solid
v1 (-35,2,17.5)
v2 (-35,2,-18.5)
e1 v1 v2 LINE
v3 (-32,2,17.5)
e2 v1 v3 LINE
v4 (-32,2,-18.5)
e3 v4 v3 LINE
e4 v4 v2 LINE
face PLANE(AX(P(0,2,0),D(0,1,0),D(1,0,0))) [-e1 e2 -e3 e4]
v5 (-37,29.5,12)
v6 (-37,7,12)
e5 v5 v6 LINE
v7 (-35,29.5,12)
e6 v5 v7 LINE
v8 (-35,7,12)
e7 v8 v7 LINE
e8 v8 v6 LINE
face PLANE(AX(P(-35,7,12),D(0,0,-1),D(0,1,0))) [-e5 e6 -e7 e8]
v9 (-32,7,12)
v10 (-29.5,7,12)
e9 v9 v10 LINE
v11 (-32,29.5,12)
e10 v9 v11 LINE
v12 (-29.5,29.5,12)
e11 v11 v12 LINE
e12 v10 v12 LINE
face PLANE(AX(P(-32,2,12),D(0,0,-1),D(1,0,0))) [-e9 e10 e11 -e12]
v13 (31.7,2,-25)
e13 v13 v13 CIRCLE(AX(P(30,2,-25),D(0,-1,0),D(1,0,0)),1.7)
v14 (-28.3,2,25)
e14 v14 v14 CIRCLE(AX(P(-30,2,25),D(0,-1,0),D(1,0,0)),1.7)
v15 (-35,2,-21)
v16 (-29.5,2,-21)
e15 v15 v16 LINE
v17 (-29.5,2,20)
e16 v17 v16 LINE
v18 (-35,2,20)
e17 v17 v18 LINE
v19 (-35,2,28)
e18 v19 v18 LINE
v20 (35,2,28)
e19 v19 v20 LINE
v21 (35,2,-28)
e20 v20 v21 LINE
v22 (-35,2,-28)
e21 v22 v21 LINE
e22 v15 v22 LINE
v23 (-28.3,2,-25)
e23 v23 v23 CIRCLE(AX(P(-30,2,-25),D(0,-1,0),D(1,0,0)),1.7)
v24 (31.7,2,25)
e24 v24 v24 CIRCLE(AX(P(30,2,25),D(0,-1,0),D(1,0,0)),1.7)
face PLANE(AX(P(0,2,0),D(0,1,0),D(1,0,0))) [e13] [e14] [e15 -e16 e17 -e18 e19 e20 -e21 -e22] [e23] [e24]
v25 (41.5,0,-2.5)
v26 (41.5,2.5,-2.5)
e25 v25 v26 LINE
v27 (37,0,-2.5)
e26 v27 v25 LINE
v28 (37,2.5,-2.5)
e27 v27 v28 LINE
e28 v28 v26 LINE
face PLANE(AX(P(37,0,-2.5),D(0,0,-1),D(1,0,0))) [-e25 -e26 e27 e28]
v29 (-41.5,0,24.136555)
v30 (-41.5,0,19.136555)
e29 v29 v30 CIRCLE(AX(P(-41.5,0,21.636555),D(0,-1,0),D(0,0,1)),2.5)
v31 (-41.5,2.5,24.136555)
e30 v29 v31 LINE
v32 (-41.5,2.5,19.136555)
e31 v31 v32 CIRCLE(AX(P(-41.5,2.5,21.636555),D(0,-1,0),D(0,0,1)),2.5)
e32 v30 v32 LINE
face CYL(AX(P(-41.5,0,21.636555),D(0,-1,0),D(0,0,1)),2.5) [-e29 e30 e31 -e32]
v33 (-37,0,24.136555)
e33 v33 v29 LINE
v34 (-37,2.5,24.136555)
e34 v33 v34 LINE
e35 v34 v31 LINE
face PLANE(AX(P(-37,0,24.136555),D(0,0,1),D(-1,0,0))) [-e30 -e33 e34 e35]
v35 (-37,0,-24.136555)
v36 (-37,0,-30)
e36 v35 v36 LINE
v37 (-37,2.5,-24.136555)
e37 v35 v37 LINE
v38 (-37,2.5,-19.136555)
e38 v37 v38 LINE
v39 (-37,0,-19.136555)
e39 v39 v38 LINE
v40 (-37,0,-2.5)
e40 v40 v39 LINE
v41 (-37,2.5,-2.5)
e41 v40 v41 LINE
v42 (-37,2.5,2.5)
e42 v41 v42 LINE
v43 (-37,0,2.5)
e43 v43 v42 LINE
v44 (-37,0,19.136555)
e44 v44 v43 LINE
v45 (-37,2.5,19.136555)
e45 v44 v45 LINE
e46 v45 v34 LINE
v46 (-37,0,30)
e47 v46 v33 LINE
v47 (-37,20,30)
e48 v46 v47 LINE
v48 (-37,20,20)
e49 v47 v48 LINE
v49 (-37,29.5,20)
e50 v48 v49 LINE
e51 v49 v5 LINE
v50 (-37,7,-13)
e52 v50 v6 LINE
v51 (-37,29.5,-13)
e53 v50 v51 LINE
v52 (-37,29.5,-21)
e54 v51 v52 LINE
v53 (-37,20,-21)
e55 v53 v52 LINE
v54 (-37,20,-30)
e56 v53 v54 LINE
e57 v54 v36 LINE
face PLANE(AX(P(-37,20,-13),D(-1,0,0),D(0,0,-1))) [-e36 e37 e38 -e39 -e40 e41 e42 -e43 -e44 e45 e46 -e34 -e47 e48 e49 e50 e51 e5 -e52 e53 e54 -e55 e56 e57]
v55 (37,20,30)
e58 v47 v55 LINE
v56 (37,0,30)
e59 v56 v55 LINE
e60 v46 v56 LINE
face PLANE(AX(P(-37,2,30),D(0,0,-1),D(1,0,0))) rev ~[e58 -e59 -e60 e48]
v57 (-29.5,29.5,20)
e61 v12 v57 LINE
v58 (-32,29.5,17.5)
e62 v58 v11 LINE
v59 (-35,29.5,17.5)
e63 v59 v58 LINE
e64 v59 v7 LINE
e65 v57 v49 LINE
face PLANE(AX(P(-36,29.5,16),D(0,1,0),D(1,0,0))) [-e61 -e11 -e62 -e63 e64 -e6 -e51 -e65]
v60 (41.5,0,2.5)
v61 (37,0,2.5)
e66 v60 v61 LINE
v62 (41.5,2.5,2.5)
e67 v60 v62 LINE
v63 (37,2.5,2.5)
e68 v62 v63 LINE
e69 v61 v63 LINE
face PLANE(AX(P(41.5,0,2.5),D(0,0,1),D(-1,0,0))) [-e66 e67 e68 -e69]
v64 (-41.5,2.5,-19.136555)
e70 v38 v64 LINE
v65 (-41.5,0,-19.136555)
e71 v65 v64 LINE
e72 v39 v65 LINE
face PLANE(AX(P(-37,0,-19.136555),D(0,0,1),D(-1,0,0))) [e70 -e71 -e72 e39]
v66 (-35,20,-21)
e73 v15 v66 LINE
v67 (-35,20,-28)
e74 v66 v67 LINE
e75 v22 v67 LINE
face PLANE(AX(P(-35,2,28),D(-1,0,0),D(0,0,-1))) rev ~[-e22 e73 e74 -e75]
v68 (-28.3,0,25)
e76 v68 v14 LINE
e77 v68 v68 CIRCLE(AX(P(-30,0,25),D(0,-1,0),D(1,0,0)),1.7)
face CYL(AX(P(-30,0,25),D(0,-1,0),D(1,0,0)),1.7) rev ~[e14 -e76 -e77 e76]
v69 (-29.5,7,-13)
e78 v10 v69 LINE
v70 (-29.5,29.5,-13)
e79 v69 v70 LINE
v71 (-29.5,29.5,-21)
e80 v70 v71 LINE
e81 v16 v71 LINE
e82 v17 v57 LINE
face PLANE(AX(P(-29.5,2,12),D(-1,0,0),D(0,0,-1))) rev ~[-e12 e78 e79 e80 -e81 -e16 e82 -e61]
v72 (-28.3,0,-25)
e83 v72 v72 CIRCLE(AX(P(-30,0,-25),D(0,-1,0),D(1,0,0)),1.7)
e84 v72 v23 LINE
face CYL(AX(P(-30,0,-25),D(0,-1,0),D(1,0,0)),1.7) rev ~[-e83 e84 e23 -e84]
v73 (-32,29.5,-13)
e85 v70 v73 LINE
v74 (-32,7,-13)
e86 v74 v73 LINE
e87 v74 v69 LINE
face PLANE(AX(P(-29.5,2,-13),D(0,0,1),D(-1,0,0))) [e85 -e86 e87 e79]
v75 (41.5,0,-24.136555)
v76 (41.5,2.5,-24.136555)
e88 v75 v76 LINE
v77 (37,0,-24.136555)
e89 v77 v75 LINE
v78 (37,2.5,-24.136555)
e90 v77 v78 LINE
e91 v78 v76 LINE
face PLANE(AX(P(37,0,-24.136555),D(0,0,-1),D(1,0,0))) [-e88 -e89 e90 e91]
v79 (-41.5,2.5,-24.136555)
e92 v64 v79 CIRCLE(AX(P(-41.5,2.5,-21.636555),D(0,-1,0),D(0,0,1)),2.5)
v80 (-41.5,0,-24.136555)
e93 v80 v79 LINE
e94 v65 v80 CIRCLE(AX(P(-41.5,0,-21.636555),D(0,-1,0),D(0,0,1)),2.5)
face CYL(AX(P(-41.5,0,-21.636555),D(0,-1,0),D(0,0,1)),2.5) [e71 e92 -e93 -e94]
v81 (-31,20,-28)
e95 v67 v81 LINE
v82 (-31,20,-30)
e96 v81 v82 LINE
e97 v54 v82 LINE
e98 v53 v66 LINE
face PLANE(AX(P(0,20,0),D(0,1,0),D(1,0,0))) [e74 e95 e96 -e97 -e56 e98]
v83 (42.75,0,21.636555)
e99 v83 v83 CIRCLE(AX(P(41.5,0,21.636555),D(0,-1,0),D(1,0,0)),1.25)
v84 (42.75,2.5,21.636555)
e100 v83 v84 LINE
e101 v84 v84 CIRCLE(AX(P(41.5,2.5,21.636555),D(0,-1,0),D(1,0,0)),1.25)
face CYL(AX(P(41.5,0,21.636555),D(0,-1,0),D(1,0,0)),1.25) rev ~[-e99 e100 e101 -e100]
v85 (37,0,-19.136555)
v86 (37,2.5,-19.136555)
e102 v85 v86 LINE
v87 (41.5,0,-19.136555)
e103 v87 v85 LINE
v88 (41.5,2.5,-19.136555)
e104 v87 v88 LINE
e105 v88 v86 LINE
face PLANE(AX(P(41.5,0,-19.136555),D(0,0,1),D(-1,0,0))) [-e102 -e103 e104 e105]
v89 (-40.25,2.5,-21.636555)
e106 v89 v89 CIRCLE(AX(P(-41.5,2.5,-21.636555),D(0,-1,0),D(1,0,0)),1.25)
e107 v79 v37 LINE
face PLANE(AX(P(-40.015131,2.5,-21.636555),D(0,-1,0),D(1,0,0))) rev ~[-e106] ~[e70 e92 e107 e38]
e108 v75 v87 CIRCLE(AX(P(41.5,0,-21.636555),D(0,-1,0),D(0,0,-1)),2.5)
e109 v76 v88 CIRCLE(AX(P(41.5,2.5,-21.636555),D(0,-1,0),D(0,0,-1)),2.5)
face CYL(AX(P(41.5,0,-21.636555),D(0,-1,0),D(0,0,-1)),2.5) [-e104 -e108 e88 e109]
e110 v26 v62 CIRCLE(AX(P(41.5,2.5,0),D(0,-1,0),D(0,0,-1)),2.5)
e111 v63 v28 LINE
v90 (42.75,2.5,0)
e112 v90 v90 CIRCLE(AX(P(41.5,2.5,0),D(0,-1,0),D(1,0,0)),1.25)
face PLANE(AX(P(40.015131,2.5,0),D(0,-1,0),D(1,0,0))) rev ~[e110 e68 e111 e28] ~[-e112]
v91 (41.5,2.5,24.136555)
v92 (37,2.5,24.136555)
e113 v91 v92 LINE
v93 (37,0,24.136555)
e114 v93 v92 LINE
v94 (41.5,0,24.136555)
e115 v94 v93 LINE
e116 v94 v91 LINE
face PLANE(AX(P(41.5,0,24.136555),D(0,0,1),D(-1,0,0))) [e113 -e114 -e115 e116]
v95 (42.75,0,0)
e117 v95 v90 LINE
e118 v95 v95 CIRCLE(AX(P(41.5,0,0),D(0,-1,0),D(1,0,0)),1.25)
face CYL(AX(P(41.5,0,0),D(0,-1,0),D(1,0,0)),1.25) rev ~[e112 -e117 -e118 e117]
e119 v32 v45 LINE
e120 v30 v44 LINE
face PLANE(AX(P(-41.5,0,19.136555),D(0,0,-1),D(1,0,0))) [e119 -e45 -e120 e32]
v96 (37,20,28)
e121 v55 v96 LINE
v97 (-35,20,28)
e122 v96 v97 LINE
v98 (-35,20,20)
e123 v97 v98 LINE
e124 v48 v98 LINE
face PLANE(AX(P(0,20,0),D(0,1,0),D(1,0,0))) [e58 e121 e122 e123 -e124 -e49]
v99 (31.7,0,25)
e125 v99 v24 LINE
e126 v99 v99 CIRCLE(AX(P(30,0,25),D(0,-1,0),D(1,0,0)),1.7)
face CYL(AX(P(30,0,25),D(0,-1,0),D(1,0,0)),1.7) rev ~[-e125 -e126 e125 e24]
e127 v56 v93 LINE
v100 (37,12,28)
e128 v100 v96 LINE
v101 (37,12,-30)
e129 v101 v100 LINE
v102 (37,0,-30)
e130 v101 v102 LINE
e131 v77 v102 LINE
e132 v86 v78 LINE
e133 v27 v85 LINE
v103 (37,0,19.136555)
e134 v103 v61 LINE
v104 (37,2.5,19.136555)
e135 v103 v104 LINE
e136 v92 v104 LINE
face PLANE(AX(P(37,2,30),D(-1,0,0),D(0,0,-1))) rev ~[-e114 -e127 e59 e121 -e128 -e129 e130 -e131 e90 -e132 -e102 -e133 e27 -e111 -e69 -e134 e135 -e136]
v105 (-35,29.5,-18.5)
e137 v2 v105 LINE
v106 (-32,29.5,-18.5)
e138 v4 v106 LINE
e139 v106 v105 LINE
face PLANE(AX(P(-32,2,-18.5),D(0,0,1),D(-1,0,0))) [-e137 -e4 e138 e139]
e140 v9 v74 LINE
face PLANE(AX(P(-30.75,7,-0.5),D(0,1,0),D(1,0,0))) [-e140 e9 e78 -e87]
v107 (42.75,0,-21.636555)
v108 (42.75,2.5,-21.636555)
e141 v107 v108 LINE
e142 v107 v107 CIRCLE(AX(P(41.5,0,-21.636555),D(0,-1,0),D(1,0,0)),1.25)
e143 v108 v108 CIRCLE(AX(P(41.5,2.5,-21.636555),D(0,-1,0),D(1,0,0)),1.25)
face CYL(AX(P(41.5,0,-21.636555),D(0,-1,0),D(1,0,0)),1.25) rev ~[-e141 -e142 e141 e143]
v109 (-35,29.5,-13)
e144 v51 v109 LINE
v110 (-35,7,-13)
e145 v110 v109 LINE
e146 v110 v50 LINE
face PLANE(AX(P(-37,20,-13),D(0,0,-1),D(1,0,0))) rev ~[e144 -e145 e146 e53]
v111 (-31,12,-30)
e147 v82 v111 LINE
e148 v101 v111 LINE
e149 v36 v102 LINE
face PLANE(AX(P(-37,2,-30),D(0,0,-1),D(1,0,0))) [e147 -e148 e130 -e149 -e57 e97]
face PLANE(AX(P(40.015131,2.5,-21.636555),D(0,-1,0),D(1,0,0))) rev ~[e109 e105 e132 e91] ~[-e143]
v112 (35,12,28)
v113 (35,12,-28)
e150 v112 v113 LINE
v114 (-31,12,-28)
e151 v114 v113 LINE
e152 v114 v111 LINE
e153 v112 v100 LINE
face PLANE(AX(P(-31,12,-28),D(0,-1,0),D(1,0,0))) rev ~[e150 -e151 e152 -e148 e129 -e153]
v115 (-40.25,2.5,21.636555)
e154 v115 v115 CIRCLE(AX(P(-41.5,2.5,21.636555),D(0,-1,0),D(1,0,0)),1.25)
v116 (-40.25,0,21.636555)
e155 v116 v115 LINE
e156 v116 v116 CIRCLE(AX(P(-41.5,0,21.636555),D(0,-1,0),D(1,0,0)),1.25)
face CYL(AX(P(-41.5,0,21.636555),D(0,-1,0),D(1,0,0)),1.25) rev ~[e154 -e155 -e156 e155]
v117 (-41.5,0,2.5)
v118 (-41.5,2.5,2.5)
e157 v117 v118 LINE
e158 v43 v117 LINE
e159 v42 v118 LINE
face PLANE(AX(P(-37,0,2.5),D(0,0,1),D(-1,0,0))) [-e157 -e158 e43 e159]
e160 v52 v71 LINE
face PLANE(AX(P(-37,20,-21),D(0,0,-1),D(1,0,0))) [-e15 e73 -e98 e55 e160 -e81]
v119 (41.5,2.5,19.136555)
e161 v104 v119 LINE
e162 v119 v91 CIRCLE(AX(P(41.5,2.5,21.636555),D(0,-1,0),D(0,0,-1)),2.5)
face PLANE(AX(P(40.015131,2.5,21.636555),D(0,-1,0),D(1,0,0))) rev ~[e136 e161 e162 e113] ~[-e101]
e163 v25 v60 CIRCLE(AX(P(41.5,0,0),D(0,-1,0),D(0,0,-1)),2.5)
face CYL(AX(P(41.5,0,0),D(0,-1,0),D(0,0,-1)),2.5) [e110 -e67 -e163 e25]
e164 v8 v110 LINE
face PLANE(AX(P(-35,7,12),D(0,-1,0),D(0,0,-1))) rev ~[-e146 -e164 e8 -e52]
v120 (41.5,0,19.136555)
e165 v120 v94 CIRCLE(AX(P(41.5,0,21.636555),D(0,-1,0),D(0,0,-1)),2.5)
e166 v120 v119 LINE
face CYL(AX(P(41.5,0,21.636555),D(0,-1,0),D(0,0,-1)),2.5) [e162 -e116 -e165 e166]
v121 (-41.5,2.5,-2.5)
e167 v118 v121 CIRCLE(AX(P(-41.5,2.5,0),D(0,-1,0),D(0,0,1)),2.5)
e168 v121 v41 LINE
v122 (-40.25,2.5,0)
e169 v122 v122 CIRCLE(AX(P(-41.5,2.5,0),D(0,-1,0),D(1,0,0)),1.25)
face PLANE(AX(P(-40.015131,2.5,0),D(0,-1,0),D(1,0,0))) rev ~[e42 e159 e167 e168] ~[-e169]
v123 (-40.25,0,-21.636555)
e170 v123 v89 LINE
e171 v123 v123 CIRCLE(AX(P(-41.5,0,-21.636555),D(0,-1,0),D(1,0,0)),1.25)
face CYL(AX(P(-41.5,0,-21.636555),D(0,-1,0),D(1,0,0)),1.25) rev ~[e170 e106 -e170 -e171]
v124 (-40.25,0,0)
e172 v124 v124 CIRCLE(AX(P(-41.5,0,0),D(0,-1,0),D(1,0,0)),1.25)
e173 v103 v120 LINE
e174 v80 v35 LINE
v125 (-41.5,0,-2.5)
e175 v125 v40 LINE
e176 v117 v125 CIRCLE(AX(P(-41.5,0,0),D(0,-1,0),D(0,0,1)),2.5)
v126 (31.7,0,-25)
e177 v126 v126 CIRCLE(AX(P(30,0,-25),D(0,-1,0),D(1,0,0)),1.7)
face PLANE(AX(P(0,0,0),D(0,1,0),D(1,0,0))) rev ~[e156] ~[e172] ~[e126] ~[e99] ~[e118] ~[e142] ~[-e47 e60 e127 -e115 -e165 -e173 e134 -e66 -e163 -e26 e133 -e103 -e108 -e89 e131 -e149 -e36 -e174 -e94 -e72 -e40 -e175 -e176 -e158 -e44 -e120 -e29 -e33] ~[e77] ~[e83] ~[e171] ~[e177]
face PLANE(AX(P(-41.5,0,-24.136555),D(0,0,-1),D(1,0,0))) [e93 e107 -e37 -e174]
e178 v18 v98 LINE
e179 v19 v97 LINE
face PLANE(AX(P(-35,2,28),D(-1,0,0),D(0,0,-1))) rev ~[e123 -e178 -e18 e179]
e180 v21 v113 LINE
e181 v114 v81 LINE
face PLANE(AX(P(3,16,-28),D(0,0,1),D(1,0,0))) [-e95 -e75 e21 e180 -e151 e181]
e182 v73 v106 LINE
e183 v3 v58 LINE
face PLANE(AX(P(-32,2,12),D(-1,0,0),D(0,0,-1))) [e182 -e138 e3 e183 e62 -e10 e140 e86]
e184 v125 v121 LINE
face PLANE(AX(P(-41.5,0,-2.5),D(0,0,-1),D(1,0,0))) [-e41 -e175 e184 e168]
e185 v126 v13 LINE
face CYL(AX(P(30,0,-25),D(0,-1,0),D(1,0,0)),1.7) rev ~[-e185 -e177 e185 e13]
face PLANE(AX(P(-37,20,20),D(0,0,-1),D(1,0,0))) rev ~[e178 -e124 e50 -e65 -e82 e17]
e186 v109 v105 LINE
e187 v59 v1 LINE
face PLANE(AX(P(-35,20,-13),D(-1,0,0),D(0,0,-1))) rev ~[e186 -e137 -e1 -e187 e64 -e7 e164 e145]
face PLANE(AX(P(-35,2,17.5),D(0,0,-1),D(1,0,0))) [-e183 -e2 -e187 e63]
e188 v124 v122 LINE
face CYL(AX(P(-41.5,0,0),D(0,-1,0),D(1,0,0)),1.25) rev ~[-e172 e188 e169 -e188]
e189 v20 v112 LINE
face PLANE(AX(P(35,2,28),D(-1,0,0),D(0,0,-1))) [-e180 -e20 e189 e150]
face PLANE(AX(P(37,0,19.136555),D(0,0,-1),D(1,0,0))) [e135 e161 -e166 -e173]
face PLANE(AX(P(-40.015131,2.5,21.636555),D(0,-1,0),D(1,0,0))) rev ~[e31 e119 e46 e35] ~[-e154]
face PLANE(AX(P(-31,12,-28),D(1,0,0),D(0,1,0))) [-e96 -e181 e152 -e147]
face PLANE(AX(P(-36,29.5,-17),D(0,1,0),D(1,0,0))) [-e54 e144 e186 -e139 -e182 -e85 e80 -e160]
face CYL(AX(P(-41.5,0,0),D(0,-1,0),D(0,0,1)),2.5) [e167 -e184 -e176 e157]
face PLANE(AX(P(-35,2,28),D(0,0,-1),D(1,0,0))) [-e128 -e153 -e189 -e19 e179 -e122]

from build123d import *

# Parameters (mm, degrees)
SCHIZZO1_W                    = 74
SCHIZZO1_H                    = 60
ESTRUSIONE_ESTRUSIONE1_DEPTH  = 2
SCHIZZO2_W                    = 74
SCHIZZO2_H                    = 60
SCHIZZO2_W_2                  = 70
SCHIZZO2_H_2                  = 56
ESTRUSIONE_ESTRUSIONE2_DEPTH  = 18
SCHIZZO3_R                    = 1.7
TAGLIO_ESTRUSIONE1_DEPTH      = 8
SCHIZZO4_W                    = 68
SCHIZZO4_H                    = 8
TAGLIO_ESTRUSIONE2_DEPTH      = 56
TAGLIO_ESTRUSIONE2_DEPTH_BACK = 17
ESTRUSIONE_ESTRUSIONE3_DEPTH  = 27.5
SCHIZZO6_W                    = 2.5
SCHIZZO6_H                    = 25
ESTRUSIONE_ESTRUSIONE4_DEPTH  = 5
SCHIZZO7_W                    = 25
SCHIZZO7_H                    = 13
TAGLIO_ESTRUSIONE3_DEPTH      = 5
SCHIZZO8_W                    = 2
SCHIZZO8_H                    = 8
ESTRUSIONE_ESTRUSIONE5_DEPTH  = 9.5
SCHIZZO9_R                    = 1.25
ESTRUSIONE_ESTRUSIONE6_DEPTH  = 2.5


with BuildPart() as part:
    # Schizzo1 → Estrusione-Estrusione1 (new body)
    with BuildSketch(Plane(origin=(0, 0, 0), x_dir=(1, 0, 0), z_dir=(0, 1, 0))):
        Rectangle(SCHIZZO1_W, SCHIZZO1_H)
    extrude(amount=ESTRUSIONE_ESTRUSIONE1_DEPTH)

    # Schizzo2 → Estrusione-Estrusione2 (add)
    with BuildSketch(Plane(origin=(0, 2, 0), x_dir=(1, 0, 0), z_dir=(0, 1, 0))):
        Rectangle(SCHIZZO2_W, SCHIZZO2_H)
        Rectangle(SCHIZZO2_W_2, SCHIZZO2_H_2, mode=Mode.SUBTRACT)
    extrude(amount=ESTRUSIONE_ESTRUSIONE2_DEPTH)

    # Schizzo3 → Taglio-Estrusione1 (cut)
    with BuildSketch(Plane.XZ):
        with Locations((-30, 25)):
            Circle(SCHIZZO3_R)
        with Locations((30, 25)):
            Circle(SCHIZZO3_R)
        with Locations((30, -25)):
            Circle(SCHIZZO3_R)
        with Locations((-30, -25)):
            Circle(SCHIZZO3_R)
    extrude(amount=-TAGLIO_ESTRUSIONE1_DEPTH, mode=Mode.SUBTRACT)

    # Schizzo4 → Taglio-Estrusione2 (cut, two sides)
    with BuildSketch(Plane.XY.offset(-28)) as taglio_estrusione2_sk:
        with Locations((3, 16)):
            Rectangle(SCHIZZO4_W, SCHIZZO4_H)
    extrude(amount=TAGLIO_ESTRUSIONE2_DEPTH, mode=Mode.SUBTRACT)
    extrude(taglio_estrusione2_sk.sketch, amount=-TAGLIO_ESTRUSIONE2_DEPTH_BACK, mode=Mode.SUBTRACT)

    # Schizzo5 → Estrusione-Estrusione3 (add)
    with BuildSketch(Plane(origin=(0, 2, 0), x_dir=(1, 0, 0), z_dir=(0, 1, 0))):
        Polygon((-35, 21), (-29.5, 21), (-29.5, 15.569709151), (-29.5, 13), (-32, 13), (-32, 18.5), (-35, 18.5), align=None)
        Polygon((-29.5, -12), (-29.5, -6.768227203), (-29.5, -20), (-35, -20), (-35, -17.5), (-32, -17.5), (-32, -12), align=None)
    extrude(amount=ESTRUSIONE_ESTRUSIONE3_DEPTH)

    # Schizzo6 → Estrusione-Estrusione4 (add)
    with BuildSketch(Plane(origin=(0, 2, 0), x_dir=(1, 0, 0), z_dir=(0, 1, 0))):
        with Locations((-30.75, 0.5)):
            Rectangle(SCHIZZO6_W, SCHIZZO6_H)
    extrude(amount=ESTRUSIONE_ESTRUSIONE4_DEPTH)

    # Schizzo7 → Taglio-Estrusione3 (cut)
    with BuildSketch(Plane(origin=(-35, 0, 0), x_dir=(0, 0, -1), z_dir=(1, 0, 0))):
        with Locations((0.5, 13.5)):
            Rectangle(SCHIZZO7_W, SCHIZZO7_H)
    extrude(amount=-TAGLIO_ESTRUSIONE3_DEPTH, mode=Mode.SUBTRACT)

    # Schizzo8 → Estrusione-Estrusione5 (add)
    with BuildSketch(Plane(origin=(0, 20, 0), x_dir=(1, 0, 0), z_dir=(0, 1, 0))):
        with Locations((-36, 17)):
            Rectangle(SCHIZZO8_W, SCHIZZO8_H)
        with Locations((-36, -16)):
            Rectangle(SCHIZZO8_W, SCHIZZO8_H)
    extrude(amount=ESTRUSIONE_ESTRUSIONE5_DEPTH)

    # Schizzo9 → Estrusione-Estrusione6 (add)
    with BuildSketch(Plane.XZ):
        with BuildLine():
            Line((-37, -24.136555447), (-37, -19.136555447))
            Line((-37, -19.136555447), (-41.5, -19.136555447))
            ThreePointArc((-41.5, -19.136555447), (-44, -21.636555447), (-41.5, -24.136555447))
            Line((-41.5, -24.136555447), (-37, -24.136555447))
        make_face()
        with Locations((-41.5, -21.636555447)):
            Circle(SCHIZZO9_R, mode=Mode.SUBTRACT)
        with BuildLine():
            Line((-37, -2.5), (-37, 2.5))
            Line((-37, 2.5), (-41.5, 2.5))
            ThreePointArc((-41.5, 2.5), (-44, 0), (-41.5, -2.5))
            Line((-41.5, -2.5), (-37, -2.5))
        make_face()
        with Locations((-41.5, 0)):
            Circle(SCHIZZO9_R, mode=Mode.SUBTRACT)
        with BuildLine():
            Line((-37, 19.136555447), (-37, 24.136555447))
            Line((-37, 24.136555447), (-41.5, 24.136555447))
            ThreePointArc((-41.5, 24.136555447), (-44, 21.636555447), (-41.5, 19.136555447))
            Line((-41.5, 19.136555447), (-37, 19.136555447))
        make_face()
        with Locations((-41.5, 21.636555447)):
            Circle(SCHIZZO9_R, mode=Mode.SUBTRACT)
        with BuildLine():
            Line((37, 24.136555447), (37, 19.136555447))
            Line((37, 19.136555447), (41.5, 19.136555447))
            ThreePointArc((41.5, 19.136555447), (44, 21.636555447), (41.5, 24.136555447))
            Line((41.5, 24.136555447), (37, 24.136555447))
        make_face()
        with Locations((41.5, 21.636555447)):
            Circle(SCHIZZO9_R, mode=Mode.SUBTRACT)
        with BuildLine():
            Line((37, 2.5), (37, -2.5))
            Line((37, -2.5), (41.5, -2.5))
            ThreePointArc((41.5, -2.5), (44, 0), (41.5, 2.5))
            Line((41.5, 2.5), (37, 2.5))
        make_face()
        with Locations((41.5, 0)):
            Circle(SCHIZZO9_R, mode=Mode.SUBTRACT)
        with BuildLine():
            Line((37, -19.136555447), (37, -24.136555447))
            Line((37, -24.136555447), (41.5, -24.136555447))
            ThreePointArc((41.5, -24.136555447), (44, -21.636555447), (41.5, -19.136555447))
            Line((41.5, -19.136555447), (37, -19.136555447))
        make_face()
        with Locations((41.5, -21.636555447)):
            Circle(SCHIZZO9_R, mode=Mode.SUBTRACT)
    extrude(amount=-ESTRUSIONE_ESTRUSIONE6_DEPTH)


solid = part.part
